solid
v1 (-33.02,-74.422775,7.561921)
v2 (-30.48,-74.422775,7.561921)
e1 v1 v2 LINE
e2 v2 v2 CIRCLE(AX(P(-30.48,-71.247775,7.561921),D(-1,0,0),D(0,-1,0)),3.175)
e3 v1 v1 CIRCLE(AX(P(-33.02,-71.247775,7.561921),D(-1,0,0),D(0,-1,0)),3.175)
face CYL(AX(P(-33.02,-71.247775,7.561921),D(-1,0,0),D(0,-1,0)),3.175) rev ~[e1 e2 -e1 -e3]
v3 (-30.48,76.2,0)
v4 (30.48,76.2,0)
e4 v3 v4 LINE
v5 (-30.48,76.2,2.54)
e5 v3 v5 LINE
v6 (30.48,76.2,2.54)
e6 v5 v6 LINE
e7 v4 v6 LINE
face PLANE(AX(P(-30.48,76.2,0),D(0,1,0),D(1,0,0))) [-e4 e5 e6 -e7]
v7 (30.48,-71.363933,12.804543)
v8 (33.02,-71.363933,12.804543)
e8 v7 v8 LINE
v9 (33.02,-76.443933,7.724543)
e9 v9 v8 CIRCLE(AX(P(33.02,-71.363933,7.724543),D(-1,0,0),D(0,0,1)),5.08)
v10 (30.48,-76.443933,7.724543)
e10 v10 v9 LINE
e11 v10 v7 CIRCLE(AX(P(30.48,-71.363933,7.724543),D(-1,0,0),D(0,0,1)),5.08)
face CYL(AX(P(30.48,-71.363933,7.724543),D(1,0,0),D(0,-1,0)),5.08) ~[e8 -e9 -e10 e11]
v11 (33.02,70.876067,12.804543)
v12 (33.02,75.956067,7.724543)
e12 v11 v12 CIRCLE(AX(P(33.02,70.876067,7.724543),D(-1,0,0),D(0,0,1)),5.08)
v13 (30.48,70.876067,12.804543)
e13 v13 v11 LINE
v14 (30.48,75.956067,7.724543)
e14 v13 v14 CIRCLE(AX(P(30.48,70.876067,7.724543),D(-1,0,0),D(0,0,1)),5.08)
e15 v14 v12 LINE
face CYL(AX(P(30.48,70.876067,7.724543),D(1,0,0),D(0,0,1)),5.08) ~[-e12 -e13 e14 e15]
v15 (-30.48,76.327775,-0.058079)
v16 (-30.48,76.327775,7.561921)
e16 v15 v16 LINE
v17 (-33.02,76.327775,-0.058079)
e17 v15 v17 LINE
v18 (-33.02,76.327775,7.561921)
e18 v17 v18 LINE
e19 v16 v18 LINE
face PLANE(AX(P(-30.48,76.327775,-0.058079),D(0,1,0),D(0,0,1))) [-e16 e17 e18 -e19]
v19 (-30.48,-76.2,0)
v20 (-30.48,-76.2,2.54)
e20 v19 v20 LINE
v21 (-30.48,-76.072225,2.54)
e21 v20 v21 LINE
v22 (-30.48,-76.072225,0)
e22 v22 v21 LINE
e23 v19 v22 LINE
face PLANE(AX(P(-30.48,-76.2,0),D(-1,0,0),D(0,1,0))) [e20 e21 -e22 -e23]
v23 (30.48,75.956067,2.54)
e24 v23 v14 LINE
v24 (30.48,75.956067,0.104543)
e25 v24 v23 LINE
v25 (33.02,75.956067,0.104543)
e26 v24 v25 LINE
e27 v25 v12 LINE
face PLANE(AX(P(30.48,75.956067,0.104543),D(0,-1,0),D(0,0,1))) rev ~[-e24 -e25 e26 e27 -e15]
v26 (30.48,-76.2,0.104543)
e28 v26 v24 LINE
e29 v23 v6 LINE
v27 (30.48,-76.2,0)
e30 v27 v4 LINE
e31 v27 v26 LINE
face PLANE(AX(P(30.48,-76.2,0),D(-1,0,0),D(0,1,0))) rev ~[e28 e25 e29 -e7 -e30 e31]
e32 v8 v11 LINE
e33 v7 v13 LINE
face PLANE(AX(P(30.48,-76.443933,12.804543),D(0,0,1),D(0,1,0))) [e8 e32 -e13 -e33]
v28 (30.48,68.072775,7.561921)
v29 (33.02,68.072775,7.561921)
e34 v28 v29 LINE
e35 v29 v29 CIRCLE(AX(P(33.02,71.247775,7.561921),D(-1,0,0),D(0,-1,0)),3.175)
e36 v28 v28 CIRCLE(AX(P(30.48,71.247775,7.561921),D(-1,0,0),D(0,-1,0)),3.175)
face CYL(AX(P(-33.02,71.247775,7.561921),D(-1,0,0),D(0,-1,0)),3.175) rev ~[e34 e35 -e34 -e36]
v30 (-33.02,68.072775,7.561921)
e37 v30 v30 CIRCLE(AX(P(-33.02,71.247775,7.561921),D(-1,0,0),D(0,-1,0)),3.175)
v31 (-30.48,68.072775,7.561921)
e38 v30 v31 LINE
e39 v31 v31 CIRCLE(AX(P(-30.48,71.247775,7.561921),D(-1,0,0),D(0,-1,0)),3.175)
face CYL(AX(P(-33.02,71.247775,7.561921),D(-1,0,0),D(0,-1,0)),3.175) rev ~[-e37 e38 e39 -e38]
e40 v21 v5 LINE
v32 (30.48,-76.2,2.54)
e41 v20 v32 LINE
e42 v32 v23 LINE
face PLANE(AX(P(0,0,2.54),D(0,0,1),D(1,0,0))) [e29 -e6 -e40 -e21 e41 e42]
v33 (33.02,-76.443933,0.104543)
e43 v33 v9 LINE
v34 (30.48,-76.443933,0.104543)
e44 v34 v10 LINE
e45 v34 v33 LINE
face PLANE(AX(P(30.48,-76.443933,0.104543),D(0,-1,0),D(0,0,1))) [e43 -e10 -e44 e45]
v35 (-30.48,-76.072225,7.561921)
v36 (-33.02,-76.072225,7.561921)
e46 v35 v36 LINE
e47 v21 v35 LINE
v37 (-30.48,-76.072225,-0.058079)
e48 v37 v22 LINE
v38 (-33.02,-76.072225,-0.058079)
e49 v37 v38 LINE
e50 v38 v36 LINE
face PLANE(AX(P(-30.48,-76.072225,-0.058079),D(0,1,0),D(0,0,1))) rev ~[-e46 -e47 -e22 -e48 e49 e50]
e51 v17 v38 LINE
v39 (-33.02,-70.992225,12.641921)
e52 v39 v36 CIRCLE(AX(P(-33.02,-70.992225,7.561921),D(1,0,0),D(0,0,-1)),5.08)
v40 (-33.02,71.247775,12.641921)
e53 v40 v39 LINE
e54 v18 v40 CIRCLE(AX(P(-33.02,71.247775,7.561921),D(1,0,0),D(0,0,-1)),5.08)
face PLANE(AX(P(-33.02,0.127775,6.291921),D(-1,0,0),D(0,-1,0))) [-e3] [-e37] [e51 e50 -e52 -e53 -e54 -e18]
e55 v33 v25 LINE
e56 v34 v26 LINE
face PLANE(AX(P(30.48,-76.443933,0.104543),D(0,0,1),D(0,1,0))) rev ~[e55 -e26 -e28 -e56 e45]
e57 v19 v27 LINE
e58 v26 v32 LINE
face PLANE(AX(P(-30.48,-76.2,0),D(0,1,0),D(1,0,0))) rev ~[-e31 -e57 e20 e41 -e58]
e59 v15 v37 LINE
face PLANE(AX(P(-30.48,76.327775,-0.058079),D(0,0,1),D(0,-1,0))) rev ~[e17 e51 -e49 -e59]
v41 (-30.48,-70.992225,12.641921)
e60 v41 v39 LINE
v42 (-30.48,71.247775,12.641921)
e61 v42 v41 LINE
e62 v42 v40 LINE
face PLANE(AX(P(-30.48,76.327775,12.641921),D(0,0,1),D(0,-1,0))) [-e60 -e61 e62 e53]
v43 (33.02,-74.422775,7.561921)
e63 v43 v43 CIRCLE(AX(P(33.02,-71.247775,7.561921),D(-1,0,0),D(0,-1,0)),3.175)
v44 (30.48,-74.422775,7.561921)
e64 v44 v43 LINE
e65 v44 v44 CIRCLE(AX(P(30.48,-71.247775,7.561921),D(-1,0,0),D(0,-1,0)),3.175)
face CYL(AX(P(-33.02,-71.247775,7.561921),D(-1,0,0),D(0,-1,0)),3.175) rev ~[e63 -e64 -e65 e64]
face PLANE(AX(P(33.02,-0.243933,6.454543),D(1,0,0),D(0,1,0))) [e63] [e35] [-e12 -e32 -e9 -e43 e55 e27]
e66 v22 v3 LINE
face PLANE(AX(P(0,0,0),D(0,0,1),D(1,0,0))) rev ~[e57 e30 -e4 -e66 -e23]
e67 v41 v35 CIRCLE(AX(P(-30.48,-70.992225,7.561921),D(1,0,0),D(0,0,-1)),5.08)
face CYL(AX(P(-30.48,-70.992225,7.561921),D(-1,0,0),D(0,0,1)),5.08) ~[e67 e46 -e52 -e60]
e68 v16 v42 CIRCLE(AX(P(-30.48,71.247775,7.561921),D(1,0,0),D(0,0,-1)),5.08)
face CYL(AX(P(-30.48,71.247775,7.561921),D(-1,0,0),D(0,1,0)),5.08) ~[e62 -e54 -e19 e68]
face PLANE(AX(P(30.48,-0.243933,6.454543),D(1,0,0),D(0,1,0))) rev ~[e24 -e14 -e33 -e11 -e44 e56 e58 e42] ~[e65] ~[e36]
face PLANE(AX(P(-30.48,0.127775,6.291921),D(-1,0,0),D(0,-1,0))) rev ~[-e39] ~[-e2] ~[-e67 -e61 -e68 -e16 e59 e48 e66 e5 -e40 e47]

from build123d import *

# Parameters (mm, degrees)
F0_W     = 60.96
F0_H     = 152.4
F1_DEPTH = 2.54
F2_W     = 152.4
F2_H     = 12.7
F3_DEPTH = 2.54
F4_W     = 152.4
F4_H     = 12.7
F5_DEPTH = 2.54
F6_R     = 5.08
F7_R     = 3.175
F8_DEPTH = 90.17


with BuildPart() as f1:
    # F0 (on Top) → F1 (new body)
    with BuildSketch(Plane.XY):
        Rectangle(F0_W, F0_H)
    extrude(amount=F1_DEPTH)

    # F2 (on face) → F3 (join)
    with BuildSketch(Plane.YZ.offset(30.48)):
        with Locations((-0.243933, 6.454543)):
            Rectangle(F2_W, F2_H)
    extrude(amount=F3_DEPTH)

    # F4 (on face) → F5 (join)
    with BuildSketch(Plane(origin=(-30.48, 0, 0), x_dir=(0, -1, 0), z_dir=(-1, 0, 0))):
        with Locations((-0.127775, 6.291921)):
            Rectangle(F4_W, F4_H)
    extrude(amount=F5_DEPTH)

    # F6
    f6_edges = [f1.edges().sort_by_distance(p)[0] for p in [
        (31.75, -76.443933, 12.804543),
        (-31.75, -76.072225, 12.641921),
        (31.75, 75.956067, 12.804543),
        (-31.75, 76.327775, 12.641921),
    ]]
    fillet(f6_edges, radius=F6_R)

    # F7 (on face) → F8 (cut)
    with BuildSketch(Plane(origin=(-33.02, 0, 0), x_dir=(0, -1, 0), z_dir=(-1, 0, 0))):
        with Locations((-71.247775, 7.561921)):
            Circle(F7_R)
        with Locations((71.247775, 7.561921)):
            Circle(F7_R)
    extrude(amount=-F8_DEPTH, mode=Mode.SUBTRACT)


solid = f1.part
